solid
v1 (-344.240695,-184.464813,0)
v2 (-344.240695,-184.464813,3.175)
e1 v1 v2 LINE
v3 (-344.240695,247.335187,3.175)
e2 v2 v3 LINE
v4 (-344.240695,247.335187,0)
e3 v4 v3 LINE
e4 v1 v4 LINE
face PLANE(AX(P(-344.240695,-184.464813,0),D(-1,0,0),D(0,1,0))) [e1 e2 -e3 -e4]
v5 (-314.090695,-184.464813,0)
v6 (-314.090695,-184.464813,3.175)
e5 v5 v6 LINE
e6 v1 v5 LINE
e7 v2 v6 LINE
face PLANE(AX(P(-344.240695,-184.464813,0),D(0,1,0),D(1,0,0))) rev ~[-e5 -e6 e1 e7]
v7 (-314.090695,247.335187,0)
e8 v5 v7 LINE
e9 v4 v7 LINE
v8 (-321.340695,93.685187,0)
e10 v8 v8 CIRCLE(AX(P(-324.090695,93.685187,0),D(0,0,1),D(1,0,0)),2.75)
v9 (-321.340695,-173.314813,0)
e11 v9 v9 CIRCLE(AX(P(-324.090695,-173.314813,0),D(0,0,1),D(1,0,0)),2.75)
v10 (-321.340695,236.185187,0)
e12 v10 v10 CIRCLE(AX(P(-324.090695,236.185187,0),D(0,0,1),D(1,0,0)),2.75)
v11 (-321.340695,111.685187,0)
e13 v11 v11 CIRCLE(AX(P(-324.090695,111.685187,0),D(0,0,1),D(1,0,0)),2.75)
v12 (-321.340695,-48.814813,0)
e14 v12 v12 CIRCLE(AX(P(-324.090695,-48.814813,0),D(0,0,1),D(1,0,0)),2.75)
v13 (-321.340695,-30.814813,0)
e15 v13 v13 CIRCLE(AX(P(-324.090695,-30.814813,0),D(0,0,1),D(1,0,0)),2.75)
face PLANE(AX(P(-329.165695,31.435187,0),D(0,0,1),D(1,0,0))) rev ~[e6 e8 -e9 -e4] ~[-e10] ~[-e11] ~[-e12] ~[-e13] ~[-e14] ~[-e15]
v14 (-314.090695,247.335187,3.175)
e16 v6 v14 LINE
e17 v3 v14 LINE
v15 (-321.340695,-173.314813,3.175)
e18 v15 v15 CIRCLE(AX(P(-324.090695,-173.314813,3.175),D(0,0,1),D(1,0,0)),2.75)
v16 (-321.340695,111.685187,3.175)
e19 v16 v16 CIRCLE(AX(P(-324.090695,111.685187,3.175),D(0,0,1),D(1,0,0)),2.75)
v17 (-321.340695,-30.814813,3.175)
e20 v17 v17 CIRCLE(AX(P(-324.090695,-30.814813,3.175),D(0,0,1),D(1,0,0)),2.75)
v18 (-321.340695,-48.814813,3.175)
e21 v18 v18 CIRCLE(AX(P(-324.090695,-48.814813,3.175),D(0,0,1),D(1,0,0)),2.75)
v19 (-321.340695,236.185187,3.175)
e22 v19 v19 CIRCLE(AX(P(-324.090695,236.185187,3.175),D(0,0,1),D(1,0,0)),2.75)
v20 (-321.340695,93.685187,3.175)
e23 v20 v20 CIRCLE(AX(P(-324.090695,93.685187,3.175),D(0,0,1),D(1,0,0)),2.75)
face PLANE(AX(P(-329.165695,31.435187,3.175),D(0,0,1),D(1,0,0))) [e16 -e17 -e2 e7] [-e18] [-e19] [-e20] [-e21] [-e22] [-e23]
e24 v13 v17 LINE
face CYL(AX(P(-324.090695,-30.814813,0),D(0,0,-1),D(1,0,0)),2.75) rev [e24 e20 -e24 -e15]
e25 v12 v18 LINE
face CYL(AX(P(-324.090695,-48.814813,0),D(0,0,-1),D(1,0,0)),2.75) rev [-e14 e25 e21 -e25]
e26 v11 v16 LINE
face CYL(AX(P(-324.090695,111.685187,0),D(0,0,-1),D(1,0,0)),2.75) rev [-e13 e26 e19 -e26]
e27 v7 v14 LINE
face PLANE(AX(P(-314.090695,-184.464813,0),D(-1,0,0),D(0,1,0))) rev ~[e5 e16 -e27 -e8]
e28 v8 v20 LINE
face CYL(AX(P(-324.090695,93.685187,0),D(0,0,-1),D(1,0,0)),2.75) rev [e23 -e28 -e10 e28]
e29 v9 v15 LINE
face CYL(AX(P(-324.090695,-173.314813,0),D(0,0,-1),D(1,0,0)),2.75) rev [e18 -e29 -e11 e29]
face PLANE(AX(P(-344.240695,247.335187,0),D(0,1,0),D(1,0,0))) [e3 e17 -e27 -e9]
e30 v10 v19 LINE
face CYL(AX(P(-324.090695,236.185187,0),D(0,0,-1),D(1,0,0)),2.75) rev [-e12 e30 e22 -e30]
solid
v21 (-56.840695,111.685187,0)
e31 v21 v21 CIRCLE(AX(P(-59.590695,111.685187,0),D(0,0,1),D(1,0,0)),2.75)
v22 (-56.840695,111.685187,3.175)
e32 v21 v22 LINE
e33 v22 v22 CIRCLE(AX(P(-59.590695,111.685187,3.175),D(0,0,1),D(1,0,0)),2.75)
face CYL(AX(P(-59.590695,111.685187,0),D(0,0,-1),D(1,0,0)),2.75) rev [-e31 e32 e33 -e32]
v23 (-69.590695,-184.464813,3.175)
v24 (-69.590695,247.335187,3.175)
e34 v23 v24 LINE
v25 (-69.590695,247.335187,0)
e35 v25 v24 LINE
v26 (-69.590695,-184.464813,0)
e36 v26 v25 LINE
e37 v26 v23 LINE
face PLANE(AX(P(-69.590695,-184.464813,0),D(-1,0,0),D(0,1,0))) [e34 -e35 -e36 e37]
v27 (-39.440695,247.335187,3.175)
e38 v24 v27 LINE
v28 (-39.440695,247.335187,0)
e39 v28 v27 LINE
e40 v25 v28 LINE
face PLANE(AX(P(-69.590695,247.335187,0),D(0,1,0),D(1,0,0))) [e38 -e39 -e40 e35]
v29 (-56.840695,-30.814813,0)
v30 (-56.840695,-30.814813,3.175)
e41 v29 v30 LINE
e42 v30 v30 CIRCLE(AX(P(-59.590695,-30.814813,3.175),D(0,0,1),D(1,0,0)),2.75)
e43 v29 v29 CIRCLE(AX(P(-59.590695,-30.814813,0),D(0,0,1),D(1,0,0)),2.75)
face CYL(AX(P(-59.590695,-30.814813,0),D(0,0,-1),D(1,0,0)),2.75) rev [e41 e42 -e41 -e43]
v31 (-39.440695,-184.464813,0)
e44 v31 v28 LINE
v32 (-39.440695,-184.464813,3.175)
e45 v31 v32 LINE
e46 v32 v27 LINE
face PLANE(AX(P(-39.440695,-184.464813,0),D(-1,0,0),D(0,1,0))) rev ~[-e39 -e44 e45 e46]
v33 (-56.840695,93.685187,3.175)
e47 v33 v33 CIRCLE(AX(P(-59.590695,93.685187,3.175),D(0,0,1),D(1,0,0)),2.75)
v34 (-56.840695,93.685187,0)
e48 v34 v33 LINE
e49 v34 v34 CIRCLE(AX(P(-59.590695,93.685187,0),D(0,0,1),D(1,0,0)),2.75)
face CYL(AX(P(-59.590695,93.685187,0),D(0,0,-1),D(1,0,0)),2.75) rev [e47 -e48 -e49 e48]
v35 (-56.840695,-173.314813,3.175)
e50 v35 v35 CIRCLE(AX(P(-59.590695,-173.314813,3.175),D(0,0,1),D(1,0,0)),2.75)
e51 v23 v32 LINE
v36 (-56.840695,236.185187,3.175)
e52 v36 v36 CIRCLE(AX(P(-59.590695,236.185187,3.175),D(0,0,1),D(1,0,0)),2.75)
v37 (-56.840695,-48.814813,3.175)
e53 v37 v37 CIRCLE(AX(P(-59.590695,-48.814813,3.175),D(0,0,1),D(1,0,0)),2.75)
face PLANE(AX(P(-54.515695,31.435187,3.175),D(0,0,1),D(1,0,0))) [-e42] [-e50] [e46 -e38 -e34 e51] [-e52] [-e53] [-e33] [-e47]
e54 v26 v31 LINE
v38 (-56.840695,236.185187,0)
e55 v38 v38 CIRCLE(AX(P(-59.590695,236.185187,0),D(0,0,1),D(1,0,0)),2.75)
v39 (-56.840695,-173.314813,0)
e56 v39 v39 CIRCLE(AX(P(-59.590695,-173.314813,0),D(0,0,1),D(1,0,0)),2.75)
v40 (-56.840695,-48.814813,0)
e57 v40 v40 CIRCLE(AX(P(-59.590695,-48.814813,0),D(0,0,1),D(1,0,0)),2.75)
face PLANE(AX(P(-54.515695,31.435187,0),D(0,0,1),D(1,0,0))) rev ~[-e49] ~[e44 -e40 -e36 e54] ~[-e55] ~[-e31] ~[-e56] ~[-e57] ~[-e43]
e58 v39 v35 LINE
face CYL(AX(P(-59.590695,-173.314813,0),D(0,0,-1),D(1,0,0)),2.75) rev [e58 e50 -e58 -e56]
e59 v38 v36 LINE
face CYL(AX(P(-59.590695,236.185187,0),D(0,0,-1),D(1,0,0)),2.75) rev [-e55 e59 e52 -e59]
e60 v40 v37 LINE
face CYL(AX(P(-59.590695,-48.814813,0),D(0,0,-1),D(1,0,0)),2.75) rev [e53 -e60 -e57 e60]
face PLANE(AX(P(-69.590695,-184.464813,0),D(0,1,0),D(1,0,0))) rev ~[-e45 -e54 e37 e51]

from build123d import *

# Parameters (mm, degrees)
F0_W     = 30.15
F0_H     = 431.8
F0_R     = 2.75
F1_DEPTH = 3.175


with BuildPart() as f1:
    # F0 (on Top) → F1 (new body)
    with BuildSketch(Plane.XY):
        with Locations((-329.165695, 31.435187)):
            Rectangle(F0_W, F0_H)
        with Locations((-324.090695, -173.314813)):
            Circle(F0_R, mode=Mode.SUBTRACT)
        with Locations((-324.090695, -48.814813)):
            Circle(F0_R, mode=Mode.SUBTRACT)
        with Locations((-324.090695, -30.814813)):
            Circle(F0_R, mode=Mode.SUBTRACT)
        with Locations((-324.090695, 93.685187)):
            Circle(F0_R, mode=Mode.SUBTRACT)
        with Locations((-324.090695, 111.685187)):
            Circle(F0_R, mode=Mode.SUBTRACT)
        with Locations((-324.090695, 236.185187)):
            Circle(F0_R, mode=Mode.SUBTRACT)
        with Locations((-54.515695, 31.435187)):
            Rectangle(F0_W, F0_H)
        with Locations((-59.590695, -173.314813)):
            Circle(F0_R, mode=Mode.SUBTRACT)
        with Locations((-59.590695, -48.814813)):
            Circle(F0_R, mode=Mode.SUBTRACT)
        with Locations((-59.590695, -30.814813)):
            Circle(F0_R, mode=Mode.SUBTRACT)
        with Locations((-59.590695, 93.685187)):
            Circle(F0_R, mode=Mode.SUBTRACT)
        with Locations((-59.590695, 111.685187)):
            Circle(F0_R, mode=Mode.SUBTRACT)
        with Locations((-59.590695, 236.185187)):
            Circle(F0_R, mode=Mode.SUBTRACT)
    extrude(amount=F1_DEPTH)


solid = f1.part
